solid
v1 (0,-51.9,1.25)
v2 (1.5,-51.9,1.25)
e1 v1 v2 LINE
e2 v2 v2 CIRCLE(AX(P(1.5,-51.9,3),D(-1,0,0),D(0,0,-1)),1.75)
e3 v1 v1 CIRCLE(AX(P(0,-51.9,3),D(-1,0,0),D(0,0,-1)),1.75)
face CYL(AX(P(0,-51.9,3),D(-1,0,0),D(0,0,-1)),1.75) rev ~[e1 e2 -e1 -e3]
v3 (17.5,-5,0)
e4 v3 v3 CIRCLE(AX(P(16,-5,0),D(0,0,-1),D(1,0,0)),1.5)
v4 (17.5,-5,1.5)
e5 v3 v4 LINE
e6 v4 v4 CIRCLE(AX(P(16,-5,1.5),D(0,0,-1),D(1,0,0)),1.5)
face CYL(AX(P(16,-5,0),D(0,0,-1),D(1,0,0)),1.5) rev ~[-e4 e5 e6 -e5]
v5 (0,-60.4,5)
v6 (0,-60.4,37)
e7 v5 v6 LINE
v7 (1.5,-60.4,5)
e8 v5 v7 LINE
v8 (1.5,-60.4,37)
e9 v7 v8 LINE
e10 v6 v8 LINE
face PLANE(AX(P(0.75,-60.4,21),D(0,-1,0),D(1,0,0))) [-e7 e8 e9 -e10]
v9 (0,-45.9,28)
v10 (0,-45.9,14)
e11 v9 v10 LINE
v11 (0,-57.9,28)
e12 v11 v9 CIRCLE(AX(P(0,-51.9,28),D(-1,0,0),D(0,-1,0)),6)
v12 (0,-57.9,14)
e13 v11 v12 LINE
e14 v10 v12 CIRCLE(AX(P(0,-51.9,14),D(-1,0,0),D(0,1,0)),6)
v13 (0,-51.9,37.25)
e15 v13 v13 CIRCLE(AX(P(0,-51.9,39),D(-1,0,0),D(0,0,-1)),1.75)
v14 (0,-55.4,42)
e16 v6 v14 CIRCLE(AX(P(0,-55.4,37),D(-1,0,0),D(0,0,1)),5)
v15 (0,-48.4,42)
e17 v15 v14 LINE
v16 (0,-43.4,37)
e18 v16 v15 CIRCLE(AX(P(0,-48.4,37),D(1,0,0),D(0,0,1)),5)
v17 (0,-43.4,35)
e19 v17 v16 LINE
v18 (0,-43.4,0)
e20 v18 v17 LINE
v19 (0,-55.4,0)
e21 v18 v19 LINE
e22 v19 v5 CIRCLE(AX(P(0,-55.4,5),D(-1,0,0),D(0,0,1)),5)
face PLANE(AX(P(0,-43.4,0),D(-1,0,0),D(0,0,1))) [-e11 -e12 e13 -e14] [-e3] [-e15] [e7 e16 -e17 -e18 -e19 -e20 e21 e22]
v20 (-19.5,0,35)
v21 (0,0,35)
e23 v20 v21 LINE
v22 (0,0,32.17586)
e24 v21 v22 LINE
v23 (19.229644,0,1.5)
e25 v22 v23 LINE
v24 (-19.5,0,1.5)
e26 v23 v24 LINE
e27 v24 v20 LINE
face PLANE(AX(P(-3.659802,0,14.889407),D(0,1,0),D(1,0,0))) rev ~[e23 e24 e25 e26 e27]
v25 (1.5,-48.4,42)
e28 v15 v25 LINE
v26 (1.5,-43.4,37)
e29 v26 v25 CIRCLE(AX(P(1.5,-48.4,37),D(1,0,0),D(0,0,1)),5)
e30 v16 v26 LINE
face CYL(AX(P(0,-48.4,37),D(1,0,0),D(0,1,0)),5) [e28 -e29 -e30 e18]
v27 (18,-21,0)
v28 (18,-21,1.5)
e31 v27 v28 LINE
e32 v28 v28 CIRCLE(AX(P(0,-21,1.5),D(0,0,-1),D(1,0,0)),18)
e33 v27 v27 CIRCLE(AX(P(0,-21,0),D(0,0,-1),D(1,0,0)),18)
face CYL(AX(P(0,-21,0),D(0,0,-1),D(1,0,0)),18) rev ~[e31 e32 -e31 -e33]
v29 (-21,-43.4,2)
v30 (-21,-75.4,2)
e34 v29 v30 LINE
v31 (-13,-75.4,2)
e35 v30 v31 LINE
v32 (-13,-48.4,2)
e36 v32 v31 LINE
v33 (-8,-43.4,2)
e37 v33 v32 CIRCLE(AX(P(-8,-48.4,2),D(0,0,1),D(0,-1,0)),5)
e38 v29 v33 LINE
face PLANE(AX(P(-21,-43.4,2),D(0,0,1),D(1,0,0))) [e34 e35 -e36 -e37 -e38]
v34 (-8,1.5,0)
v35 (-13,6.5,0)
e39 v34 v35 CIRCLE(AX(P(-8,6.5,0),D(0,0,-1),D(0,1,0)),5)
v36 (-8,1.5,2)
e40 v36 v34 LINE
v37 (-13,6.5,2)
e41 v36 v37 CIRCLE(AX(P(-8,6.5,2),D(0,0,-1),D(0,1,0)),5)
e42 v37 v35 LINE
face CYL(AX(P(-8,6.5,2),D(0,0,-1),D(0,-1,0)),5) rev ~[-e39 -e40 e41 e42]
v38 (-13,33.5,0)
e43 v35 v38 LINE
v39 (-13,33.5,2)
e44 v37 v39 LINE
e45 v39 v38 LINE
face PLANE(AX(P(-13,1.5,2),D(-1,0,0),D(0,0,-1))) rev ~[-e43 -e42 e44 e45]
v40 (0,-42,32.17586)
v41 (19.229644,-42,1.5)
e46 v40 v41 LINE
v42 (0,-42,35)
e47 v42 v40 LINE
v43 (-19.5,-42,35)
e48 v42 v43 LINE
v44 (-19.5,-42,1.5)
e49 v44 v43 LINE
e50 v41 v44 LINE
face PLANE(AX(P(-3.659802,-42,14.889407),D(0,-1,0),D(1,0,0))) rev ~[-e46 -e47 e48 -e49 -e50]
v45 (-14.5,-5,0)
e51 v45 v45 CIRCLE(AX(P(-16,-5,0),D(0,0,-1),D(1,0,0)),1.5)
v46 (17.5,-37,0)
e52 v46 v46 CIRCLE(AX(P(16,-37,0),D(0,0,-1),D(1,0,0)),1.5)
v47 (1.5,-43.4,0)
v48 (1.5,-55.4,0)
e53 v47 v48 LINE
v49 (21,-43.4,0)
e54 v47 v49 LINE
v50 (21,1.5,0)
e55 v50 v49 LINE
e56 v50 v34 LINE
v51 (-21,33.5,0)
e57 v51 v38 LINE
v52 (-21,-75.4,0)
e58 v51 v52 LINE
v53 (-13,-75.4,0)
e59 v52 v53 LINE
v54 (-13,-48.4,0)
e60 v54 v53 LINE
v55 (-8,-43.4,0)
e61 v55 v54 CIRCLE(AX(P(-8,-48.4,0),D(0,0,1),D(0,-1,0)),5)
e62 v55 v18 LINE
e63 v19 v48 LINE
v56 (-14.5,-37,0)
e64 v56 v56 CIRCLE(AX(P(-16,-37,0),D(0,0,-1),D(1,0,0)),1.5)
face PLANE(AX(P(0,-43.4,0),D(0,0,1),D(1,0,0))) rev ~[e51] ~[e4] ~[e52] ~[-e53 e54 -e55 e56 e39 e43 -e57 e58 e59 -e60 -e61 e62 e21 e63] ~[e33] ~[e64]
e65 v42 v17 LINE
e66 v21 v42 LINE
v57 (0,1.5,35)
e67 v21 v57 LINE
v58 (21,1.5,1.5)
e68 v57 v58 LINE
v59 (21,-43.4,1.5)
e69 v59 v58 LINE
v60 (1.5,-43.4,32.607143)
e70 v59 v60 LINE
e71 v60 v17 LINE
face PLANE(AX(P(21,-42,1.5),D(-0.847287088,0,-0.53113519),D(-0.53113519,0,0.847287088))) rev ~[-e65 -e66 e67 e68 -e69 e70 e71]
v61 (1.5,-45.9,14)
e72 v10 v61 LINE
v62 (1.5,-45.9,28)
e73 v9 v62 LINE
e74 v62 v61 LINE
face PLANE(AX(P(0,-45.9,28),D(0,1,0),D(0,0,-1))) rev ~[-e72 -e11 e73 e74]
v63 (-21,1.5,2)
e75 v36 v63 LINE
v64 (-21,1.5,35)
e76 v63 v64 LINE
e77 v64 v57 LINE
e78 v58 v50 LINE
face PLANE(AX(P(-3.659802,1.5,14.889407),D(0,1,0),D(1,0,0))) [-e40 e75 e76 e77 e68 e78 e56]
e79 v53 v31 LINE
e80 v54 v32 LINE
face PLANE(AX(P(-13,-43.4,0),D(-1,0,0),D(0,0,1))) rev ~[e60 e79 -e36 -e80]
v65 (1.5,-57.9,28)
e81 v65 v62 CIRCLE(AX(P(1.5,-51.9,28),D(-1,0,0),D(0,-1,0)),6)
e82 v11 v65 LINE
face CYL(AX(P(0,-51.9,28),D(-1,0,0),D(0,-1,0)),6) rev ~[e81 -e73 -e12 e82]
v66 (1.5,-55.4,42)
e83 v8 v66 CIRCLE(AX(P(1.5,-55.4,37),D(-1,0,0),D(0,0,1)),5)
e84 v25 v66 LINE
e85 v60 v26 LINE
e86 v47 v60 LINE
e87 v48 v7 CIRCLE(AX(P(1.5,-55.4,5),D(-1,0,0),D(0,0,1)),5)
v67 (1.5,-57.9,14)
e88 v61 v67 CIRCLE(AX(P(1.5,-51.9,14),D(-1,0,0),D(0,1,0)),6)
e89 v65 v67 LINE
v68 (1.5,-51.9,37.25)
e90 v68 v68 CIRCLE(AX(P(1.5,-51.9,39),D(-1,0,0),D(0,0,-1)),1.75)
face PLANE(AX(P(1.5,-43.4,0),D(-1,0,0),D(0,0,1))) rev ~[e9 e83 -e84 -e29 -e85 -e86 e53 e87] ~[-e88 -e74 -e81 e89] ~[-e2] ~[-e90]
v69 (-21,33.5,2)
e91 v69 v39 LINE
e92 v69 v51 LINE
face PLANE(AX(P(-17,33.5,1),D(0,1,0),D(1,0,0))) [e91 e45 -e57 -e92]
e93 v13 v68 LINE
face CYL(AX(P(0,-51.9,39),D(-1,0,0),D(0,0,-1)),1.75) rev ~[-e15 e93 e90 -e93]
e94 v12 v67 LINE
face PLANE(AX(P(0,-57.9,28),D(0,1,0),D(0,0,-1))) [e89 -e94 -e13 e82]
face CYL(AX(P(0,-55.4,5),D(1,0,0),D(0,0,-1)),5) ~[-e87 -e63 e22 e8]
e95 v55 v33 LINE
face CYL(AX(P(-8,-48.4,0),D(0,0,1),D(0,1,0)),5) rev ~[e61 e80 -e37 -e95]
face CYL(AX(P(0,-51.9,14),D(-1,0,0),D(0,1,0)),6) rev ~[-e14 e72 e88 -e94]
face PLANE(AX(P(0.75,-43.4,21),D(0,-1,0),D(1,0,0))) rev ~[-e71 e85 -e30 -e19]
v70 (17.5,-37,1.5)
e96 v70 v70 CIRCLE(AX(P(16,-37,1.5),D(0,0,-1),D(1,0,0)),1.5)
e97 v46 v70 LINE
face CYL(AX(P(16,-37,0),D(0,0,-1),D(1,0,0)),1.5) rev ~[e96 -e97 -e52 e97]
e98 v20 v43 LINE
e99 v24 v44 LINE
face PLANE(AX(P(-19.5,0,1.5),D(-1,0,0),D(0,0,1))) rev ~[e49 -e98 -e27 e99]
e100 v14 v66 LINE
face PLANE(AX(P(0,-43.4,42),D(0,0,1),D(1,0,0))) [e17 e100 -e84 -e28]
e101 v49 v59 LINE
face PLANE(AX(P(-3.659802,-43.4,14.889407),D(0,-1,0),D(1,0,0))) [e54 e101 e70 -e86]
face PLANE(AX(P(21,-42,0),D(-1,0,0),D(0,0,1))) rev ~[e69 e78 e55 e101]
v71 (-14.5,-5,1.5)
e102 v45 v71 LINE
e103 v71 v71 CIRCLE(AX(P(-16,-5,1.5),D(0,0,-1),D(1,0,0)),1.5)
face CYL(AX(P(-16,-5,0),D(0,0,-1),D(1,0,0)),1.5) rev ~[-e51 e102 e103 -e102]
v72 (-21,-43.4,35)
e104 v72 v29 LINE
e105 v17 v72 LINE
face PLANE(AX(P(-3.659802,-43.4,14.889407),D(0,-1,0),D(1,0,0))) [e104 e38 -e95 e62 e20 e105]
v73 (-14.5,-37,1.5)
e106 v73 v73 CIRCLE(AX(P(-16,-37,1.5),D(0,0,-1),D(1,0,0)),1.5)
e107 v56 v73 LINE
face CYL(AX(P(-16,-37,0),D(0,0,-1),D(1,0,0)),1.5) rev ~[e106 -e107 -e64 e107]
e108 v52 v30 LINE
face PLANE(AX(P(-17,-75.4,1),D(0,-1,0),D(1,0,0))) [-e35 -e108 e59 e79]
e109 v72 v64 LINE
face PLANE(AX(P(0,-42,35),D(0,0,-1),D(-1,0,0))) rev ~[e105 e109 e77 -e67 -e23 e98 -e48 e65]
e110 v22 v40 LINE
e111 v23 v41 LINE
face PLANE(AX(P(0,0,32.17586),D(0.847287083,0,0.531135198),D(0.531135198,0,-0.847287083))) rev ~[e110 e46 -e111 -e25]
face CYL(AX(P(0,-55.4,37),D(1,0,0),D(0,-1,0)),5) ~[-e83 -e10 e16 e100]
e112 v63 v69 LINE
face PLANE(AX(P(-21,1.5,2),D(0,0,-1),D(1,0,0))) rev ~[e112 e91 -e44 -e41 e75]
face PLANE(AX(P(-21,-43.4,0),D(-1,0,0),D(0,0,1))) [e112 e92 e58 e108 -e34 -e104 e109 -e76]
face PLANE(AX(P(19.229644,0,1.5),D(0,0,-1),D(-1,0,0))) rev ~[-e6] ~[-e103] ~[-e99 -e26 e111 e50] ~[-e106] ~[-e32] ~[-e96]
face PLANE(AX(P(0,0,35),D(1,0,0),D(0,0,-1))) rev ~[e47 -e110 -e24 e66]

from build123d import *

# Parameters (mm, degrees)
PAD047_DEPTH    = 42
SKETCH076_R     = 18
SKETCH076_R_2   = 1.5
POCKET023_DEPTH = 2
PAD048_DEPTH    = 1.5
PAD049_DEPTH    = 1.4
SKETCH079_W     = 8
SKETCH079_H     = 2
PAD050_DEPTH    = 32
SKETCH080_W     = 8
SKETCH080_H     = 2
PAD051_DEPTH    = 32
SKETCH081_W     = 1.5
SKETCH081_H     = 42
PAD052_DEPTH    = 17
SKETCH082_R     = 1.75
POCKET024_DEPTH = 5
FILLET002_R     = 5


with BuildPart() as part:
    # Sketch075 → Pad047 (new body)
    with BuildSketch(Plane.XZ):
        Polygon((-21, 0), (21, 0), (21, 1.5), (0, 35), (0, 32.17586), (19.229644, 1.5), (-19.5, 1.5), (-19.5, 35), (-21, 35), align=None)
    extrude(amount=PAD047_DEPTH)

    # Sketch076 (on Face2 of Pad047) → Pocket023 (cut)
    with BuildSketch(Plane(origin=(0, 0, 0), x_dir=(1, 0, 0), z_dir=(0, 0, -1))):
        with Locations((0, 21)):
            Circle(SKETCH076_R)
        with Locations((-16, 37)):
            Circle(SKETCH076_R_2)
        with Locations((16, 37)):
            Circle(SKETCH076_R_2)
        with Locations((16, 5)):
            Circle(SKETCH076_R_2)
        with Locations((-16, 5)):
            Circle(SKETCH076_R_2)
    extrude(amount=-POCKET023_DEPTH, mode=Mode.SUBTRACT)

    # Sketch077 (on Face4 of Pocket023) → Pad048 (join)
    with BuildSketch(Plane(origin=(0, 0, 0), x_dir=(1, 0, 0), z_dir=(0, 1, 0))):
        Polygon((-21, -35), (0, -35), (21, -1.5), (21, 0), (-21, 0), align=None)
    extrude(amount=PAD048_DEPTH)

    # Sketch078 (on Face1 of Pad048) → Pad049 (join)
    with BuildSketch(Plane.XZ.offset(42)):
        Polygon((-21, 35), (-21, 0), (21, 0), (21, 1.5), (0, 35), align=None)
    extrude(amount=PAD049_DEPTH)

    # Sketch079 (on Face14 of Pad049) → Pad050 (join)
    with BuildSketch(Plane(origin=(0, 1.5, 0), x_dir=(1, 0, 0), z_dir=(0, 1, 0))):
        with Locations((-17, -1)):
            Rectangle(SKETCH079_W, SKETCH079_H)
    extrude(amount=PAD050_DEPTH)

    # Sketch080 (on Face1 of Pad050) → Pad051 (join)
    with BuildSketch(Plane.XZ.offset(43.4)):
        with Locations((-17, 1)):
            Rectangle(SKETCH080_W, SKETCH080_H)
    extrude(amount=PAD051_DEPTH)

    # Sketch081 (on Face1 of Pad051) → Pad052 (join)
    with BuildSketch(Plane.XZ.offset(43.4)):
        with Locations((0.75, 21)):
            Rectangle(SKETCH081_W, SKETCH081_H)
    extrude(amount=PAD052_DEPTH)

    # Sketch082 (on Face5 of Pad052) → Pocket024 (cut)
    with BuildSketch(Plane(origin=(0, 0, 0), x_dir=(0, 0, -1), z_dir=(-1, 0, 0))):
        with Locations((-39, 51.9)):
            Circle(SKETCH082_R)
        with Locations((-3, 51.9)):
            Circle(SKETCH082_R)
        with BuildLine():
            ThreePointArc((-28, 57.9), (-34, 51.9), (-28, 45.9))
            Line((-28, 45.9), (-14, 45.9))
            ThreePointArc((-14, 45.9), (-8, 51.9), (-14, 57.9))
            Line((-28, 57.9), (-14, 57.9))
        make_face()
    extrude(amount=-POCKET024_DEPTH, mode=Mode.SUBTRACT)

    # Fillet002
    fillet002_edges = [part.edges().sort_by_distance(p)[0] for p in [
        (0.75, -43.4, 42),
        (0.75, -60.4, 42),
        (0.75, -60.4, 0),
        (-13, -43.4, 1),
        (-13, 1.5, 1),
    ]]
    fillet(fillet002_edges, radius=FILLET002_R)


solid = part.part
